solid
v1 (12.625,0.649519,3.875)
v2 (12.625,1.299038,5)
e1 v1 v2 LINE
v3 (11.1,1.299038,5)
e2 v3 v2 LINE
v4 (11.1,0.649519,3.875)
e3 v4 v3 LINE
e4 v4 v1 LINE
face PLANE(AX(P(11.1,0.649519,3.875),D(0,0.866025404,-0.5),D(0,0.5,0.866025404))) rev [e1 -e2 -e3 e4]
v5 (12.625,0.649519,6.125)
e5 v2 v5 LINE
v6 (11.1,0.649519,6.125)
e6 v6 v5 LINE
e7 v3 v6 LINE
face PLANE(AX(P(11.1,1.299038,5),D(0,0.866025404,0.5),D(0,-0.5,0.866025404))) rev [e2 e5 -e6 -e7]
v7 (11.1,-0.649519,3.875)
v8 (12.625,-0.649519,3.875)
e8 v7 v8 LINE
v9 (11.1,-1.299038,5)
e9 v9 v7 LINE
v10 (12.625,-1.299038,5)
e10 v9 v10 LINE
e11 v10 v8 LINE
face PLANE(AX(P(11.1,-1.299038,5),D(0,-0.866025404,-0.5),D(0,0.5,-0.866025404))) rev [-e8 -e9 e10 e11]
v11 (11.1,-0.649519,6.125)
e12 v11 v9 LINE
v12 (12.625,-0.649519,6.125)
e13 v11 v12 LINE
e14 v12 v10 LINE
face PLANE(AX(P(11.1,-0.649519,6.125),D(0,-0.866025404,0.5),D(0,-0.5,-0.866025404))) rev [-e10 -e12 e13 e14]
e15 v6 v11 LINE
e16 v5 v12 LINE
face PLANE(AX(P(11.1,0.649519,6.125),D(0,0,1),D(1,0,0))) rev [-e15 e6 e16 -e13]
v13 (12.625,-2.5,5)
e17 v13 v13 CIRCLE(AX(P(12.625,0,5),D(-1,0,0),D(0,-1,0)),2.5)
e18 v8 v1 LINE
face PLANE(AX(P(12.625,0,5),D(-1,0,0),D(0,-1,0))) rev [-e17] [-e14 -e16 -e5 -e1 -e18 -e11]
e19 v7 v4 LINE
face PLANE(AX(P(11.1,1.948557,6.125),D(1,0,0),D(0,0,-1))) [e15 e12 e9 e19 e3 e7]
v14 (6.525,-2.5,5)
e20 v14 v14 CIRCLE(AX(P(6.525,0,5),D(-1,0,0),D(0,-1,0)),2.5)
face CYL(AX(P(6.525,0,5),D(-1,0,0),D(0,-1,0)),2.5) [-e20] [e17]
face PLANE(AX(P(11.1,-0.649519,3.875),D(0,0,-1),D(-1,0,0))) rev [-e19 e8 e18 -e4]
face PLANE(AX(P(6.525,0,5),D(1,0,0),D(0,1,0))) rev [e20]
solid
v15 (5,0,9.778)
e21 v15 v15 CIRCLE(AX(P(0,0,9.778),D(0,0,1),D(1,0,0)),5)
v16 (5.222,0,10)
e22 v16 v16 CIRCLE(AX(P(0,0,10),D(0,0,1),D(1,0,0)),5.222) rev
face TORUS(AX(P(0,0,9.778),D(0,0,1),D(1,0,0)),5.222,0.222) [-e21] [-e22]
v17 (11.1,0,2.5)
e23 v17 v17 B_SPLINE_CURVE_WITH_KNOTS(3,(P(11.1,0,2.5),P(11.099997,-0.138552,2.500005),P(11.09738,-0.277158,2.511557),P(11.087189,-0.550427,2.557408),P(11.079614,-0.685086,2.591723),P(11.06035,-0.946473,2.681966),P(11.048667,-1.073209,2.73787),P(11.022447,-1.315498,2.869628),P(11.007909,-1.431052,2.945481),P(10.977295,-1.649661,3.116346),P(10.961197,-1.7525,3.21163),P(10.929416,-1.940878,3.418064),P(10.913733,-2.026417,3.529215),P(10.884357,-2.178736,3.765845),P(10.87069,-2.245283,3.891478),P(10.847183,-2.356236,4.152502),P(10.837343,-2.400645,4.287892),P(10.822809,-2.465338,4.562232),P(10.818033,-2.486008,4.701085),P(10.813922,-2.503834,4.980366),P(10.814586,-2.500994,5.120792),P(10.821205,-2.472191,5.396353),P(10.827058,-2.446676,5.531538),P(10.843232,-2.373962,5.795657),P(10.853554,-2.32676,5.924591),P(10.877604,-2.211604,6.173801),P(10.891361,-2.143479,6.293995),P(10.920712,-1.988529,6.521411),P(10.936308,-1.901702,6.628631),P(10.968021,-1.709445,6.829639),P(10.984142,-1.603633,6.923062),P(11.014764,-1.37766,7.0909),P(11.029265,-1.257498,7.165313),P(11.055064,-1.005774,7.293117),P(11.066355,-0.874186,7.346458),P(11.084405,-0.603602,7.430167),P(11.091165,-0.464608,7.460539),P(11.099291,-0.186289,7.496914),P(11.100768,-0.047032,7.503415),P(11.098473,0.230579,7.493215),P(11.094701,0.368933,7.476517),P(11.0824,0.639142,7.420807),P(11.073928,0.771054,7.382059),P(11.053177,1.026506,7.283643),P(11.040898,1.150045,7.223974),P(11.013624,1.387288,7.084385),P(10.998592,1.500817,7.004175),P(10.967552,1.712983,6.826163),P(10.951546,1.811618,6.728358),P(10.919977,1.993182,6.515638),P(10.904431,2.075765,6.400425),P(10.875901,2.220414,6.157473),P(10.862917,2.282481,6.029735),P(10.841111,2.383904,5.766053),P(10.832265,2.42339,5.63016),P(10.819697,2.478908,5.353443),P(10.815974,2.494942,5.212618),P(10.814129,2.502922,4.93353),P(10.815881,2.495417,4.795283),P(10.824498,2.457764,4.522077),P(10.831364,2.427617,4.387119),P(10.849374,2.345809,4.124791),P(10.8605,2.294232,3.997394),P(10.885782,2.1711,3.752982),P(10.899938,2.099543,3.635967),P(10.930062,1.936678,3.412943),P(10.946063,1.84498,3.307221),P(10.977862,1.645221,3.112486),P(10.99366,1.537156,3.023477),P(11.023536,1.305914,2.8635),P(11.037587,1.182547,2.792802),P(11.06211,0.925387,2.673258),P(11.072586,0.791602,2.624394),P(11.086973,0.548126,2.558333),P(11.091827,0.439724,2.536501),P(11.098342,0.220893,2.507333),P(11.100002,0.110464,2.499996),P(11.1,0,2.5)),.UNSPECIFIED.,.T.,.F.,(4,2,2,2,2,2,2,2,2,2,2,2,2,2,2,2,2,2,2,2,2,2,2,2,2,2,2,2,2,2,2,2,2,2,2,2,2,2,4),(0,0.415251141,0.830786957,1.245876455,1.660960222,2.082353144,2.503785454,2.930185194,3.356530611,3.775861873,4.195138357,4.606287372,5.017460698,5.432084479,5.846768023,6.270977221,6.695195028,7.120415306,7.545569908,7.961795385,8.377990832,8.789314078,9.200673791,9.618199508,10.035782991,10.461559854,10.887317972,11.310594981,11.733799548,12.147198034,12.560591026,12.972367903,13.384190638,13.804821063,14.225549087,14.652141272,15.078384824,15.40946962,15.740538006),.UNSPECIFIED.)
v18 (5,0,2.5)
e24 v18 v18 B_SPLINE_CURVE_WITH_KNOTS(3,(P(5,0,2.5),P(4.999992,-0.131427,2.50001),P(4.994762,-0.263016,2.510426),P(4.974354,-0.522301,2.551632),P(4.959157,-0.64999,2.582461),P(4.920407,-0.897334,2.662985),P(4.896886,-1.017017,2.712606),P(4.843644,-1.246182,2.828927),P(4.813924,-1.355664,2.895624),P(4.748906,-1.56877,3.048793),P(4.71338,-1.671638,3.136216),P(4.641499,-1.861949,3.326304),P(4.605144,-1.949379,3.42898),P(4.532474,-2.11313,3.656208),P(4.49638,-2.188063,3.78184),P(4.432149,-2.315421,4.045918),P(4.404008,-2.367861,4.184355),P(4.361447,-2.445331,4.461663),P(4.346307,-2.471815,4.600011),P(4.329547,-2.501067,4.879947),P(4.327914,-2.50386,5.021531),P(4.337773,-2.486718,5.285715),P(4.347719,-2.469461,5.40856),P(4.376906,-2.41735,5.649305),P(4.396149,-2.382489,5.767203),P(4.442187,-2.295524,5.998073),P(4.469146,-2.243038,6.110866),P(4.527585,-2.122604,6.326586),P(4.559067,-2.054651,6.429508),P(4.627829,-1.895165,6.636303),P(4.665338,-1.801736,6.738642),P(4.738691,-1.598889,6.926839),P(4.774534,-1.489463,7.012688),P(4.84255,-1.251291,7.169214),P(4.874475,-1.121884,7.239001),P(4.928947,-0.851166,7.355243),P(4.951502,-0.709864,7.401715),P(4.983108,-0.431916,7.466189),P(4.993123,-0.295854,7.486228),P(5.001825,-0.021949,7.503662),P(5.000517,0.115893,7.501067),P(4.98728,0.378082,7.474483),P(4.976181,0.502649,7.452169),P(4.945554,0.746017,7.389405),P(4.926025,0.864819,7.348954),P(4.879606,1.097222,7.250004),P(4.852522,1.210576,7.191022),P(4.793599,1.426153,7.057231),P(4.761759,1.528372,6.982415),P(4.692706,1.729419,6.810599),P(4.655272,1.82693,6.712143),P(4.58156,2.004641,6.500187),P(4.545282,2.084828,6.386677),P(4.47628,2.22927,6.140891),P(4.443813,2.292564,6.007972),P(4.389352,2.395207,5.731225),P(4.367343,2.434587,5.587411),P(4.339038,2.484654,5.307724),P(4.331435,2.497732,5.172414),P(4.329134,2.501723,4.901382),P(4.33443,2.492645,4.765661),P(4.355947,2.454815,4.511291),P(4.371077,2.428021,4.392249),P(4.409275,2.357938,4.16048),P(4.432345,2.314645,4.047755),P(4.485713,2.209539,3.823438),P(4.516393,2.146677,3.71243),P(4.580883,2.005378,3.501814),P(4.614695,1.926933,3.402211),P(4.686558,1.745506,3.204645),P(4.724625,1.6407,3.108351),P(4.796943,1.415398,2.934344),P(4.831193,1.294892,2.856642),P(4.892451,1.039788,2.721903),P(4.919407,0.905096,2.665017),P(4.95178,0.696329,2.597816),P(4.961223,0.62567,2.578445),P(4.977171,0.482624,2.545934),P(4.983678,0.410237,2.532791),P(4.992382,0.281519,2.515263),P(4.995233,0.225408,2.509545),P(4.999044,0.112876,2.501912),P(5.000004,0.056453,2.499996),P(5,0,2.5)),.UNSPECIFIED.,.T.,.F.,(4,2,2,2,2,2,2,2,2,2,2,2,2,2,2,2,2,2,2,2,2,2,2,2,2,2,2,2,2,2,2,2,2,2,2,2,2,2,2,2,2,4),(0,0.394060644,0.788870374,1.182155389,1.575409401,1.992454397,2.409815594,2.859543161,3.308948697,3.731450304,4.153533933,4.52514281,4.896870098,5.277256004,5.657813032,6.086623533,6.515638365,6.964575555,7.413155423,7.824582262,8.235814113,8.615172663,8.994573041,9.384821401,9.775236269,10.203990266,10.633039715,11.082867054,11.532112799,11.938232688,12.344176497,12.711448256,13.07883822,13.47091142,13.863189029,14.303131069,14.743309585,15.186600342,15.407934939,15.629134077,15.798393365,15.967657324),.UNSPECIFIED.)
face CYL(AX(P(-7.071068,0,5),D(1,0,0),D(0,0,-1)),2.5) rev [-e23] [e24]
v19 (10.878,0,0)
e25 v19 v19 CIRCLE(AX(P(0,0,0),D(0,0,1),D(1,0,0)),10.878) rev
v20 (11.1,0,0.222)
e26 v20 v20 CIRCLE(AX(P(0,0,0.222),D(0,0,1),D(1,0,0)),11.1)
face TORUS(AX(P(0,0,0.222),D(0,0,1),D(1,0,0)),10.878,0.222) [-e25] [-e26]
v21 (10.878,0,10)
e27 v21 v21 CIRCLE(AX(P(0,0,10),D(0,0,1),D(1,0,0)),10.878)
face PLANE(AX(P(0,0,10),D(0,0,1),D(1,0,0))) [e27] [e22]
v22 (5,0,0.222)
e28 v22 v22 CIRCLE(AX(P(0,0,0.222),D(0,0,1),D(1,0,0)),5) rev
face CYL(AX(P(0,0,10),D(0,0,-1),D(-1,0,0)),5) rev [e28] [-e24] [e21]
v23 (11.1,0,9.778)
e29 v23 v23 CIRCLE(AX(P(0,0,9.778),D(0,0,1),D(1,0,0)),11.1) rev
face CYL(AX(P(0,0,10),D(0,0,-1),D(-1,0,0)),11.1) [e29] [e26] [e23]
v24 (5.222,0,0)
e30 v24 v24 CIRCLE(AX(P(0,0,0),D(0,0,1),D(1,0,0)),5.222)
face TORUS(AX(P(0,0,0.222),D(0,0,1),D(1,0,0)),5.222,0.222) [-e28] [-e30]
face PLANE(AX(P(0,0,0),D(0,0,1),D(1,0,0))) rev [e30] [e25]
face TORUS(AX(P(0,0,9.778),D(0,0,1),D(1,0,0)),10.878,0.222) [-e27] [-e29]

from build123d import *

# Parameters (mm, degrees)
SKETCH1_R               = 11.1
SKETCH1_R_2             = 5
EXTRUDE1_DEPTH          = 10
CUT_EXTRUDE1_REACH      = 28.759
CUT_EXTRUDE1_END_RADIUS = 5
SKETCH2_R               = 2.5
SKETCH3_W               = 6.1
SKETCH3_H               = 2.5
CUT_EXTRUDE2_DEPTH      = 1.525
FILLET1_R               = 0.222


with BuildPart() as part:
    # Sketch1 → Extrude1 (new body)
    with BuildSketch(Plane.XY):
        Circle(SKETCH1_R)
        Circle(SKETCH1_R_2, mode=Mode.SUBTRACT)
    extrude(amount=EXTRUDE1_DEPTH)

    # Cut-Extrude1: up to this cylinder (the profile starts outside it)
    cut_extrude1_end = Plane(origin=(0, 0, 5), z_dir=(0, 0, -1)) * Cylinder(CUT_EXTRUDE1_END_RADIUS, 68.518, mode=Mode.PRIVATE)
    # Sketch2 → Cut-Extrude1 (cut, up to the surface)
    with BuildSketch(Plane(origin=(11.1, 0, 0), x_dir=(0, 0, -1), z_dir=(1, 0, 0)), mode=Mode.PRIVATE) as cut_extrude1_sk1:
        with Locations((-5, 0)):
            Circle(SKETCH2_R)
    cut_extrude1_tool1 = extrude(cut_extrude1_sk1.sketch, amount=-CUT_EXTRUDE1_REACH, mode=Mode.PRIVATE) - cut_extrude1_end
    add(cut_extrude1_tool1.solids().sort_by_distance((11.1, 0, 5))[0], mode=Mode.SUBTRACT)

    # Fillet1
    fillet1_edges = [part.edges().sort_by_distance(p)[0] for p in [
        (-11.1, 0, 0),
        (-11.1, 0, 10),
        (-5, 0, 0),
        (-5, 0, 10),
    ]]
    fillet(fillet1_edges, radius=FILLET1_R)


with BuildPart() as body_2:
    # Sketch3 → Revolve1 (revolve)
    with BuildSketch(Plane.XY.offset(5), mode=Mode.PRIVATE) as revolve1_sk:
        with Locations((9.575, 1.25)):
            Rectangle(SKETCH3_W, SKETCH3_H)
    revolve(revolve1_sk.sketch.rotate(Axis((6.525, 0, 5), (1, 0, 0)), 180), axis=Axis((6.525, 0, 5), (1, 0, 0)))

    # Sketch4 → Cut-Extrude2 (cut)
    with BuildSketch(Plane(origin=(12.625, 0, 0), x_dir=(0, 0, -1), z_dir=(1, 0, 0))):
        Polygon((-5, 1.299038106), (-6.125, 0.649519053), (-6.125, -0.649519053), (-5, -1.299038106), (-3.875, -0.649519053), (-3.875, 0.649519053), align=None)
    extrude(amount=-CUT_EXTRUDE2_DEPTH, mode=Mode.SUBTRACT)


solid = Compound([part.part, body_2.part])
